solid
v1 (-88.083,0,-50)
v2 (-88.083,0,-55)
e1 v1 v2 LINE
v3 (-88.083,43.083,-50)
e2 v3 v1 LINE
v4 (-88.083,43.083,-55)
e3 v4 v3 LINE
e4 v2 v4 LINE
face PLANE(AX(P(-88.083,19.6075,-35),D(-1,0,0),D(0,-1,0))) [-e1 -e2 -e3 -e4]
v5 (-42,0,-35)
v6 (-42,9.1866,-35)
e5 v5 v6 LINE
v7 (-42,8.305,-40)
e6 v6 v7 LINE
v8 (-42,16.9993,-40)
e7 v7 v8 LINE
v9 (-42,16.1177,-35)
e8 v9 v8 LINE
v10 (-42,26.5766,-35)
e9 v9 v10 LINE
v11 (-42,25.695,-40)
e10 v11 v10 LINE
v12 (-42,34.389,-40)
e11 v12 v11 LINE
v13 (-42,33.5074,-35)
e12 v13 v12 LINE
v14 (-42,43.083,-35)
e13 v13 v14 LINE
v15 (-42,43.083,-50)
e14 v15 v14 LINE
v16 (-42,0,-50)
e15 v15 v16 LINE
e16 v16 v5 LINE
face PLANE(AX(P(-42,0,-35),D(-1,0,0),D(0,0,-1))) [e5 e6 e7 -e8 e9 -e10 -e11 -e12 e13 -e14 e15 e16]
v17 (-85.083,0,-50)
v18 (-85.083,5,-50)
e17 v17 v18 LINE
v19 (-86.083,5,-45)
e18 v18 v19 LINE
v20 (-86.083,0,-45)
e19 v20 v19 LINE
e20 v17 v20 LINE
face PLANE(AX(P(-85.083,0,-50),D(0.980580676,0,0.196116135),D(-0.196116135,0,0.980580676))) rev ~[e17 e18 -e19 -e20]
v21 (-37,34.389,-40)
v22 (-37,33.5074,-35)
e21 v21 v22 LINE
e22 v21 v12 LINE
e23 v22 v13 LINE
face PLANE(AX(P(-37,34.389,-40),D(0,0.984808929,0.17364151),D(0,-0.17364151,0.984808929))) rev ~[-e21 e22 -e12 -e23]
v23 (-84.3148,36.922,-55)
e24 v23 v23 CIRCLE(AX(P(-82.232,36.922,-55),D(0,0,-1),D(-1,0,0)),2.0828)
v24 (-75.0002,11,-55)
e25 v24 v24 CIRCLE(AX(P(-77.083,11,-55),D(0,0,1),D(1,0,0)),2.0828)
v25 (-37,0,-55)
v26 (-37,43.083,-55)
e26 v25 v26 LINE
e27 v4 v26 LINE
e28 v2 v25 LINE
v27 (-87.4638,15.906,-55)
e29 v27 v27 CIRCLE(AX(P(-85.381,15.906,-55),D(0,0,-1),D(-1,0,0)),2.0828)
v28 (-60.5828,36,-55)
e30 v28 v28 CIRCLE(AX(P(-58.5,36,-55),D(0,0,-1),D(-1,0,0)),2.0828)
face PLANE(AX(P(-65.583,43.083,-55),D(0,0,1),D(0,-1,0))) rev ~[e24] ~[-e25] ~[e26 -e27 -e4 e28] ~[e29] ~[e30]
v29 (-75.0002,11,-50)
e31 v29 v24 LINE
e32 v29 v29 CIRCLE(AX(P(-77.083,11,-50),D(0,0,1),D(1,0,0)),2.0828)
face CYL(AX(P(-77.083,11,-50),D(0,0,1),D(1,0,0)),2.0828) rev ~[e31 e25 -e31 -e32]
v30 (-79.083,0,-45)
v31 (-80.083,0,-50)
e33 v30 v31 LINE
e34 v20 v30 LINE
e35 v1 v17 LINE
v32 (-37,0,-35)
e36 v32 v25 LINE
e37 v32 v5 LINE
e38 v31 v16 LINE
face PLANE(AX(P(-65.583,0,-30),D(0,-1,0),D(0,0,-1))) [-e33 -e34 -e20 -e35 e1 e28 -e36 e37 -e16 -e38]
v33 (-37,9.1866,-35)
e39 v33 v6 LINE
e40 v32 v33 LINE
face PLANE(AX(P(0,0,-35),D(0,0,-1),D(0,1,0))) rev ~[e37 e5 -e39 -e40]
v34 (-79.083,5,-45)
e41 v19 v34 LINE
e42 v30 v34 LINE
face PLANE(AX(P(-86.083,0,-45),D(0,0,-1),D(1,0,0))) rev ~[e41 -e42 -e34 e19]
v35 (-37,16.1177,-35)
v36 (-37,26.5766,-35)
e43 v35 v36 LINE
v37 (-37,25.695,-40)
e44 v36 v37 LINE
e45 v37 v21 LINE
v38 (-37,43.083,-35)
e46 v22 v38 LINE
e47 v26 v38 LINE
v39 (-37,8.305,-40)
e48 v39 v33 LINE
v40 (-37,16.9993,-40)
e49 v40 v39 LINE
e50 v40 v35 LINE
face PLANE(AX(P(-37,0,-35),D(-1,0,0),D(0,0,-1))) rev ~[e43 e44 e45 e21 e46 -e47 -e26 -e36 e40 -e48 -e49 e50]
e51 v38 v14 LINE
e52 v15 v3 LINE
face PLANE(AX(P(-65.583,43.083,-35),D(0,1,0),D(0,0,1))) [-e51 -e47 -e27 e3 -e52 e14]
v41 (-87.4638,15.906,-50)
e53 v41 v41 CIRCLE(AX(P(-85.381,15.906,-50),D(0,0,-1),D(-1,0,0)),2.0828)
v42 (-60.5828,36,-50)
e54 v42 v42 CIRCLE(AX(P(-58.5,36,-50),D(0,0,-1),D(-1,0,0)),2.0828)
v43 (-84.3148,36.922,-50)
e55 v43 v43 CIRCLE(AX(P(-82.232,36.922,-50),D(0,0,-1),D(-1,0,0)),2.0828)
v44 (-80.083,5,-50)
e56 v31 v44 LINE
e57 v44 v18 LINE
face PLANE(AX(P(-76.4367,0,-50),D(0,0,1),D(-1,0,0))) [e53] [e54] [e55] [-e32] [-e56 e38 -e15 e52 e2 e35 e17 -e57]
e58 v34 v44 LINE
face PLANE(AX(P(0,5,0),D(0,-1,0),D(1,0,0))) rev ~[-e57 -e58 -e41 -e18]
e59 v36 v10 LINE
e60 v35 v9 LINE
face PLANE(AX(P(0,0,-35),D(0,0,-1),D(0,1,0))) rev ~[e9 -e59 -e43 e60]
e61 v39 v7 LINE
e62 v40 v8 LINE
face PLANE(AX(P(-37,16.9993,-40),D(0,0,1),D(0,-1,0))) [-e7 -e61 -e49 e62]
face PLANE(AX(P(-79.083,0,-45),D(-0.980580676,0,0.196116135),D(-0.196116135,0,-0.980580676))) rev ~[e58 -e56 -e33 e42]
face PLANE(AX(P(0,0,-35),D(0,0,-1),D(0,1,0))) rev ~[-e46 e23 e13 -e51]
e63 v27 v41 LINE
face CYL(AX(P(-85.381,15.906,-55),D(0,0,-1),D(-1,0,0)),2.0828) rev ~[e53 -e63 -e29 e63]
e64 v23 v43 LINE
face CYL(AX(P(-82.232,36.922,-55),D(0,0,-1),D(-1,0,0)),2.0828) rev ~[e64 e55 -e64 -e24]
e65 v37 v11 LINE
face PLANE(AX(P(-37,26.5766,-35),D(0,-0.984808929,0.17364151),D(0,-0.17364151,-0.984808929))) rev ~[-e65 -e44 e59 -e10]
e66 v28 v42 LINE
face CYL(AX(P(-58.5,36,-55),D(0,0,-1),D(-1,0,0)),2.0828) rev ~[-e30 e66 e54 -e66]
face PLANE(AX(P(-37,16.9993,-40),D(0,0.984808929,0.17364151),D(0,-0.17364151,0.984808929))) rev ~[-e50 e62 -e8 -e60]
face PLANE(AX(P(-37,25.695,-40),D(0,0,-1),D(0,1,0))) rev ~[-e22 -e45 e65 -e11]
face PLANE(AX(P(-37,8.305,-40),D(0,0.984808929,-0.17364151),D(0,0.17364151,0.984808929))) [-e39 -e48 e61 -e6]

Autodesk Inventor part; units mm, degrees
ref_plane "YZ Plane" through (0, 0, 0) normal (1, 0, 0) x (0, 1, 0)
ref_plane "XZ Plane" through (0, 0, 0) normal (0, 1, 0) x (-1, 0, 0)
ref_plane "XY Plane" through (0, 0, 0) normal (0, 0, 1) x (1, 0, 0)
sketch "Sketch1" plane through (0, 0, 0) normal (0, 1, 0) x (-1, 0, 0)
  line L0 (0, 0) -> (0, -35)
  line L1 (0, -35) -> (37, -35)
  line L2 (37, -35) -> (37, -55)
  line L3 (37, -55) -> (48, -55)
  line L4 (48, -55) -> (48, 0)
  line L5 (48, 0) -> (22, 0)
  line L6 (22, 0) -> (22, 0)
  line L7 (22, 0) -> (0, 0)
  dimension "d0" = 35
  dimension "d1" = 37
  dimension "d2" = 20
  dimension "d3" = 11
  dimension "d4" = 55
  dimension "d5" = 26
  dimension "d6" = 0
extrude "Extrusion1" add sketch "Sketch1" along normal blind 50
shell "Shell1" thickness 5 removed faces 3 at (-48, 16.6667, -36.6667) at (-19.6667, 0, -23.3333) at (-19.6667, 50, -23.3333)
sketch "Sketch2" plane through (0, 0, 0) normal (1, 0, 0) x (0, 0, -1)
  line L0 (5, 0) -> (30, 0) projected
  line L1 (5, 0) -> (19, 0)
  line L2 (19, 0) -> (19, 17)
  line L3 (19, 17) -> (5, 17)
  line L4 (5, 17) -> (5, 0)
  point P0 (0, 0)
  dimension "d10" = 17
  dimension "d11" = 0
  dimension "d12" = 11
extrude "Extrusion2" cut sketch "Sketch2" against normal blind 10
sketch "Sketch3" plane through (-48, 0, -55) normal (-1, 0, 0) x (0, 0, 1)
  line L0 (0, 0) -> (0, 50) projected
  line L1 (5, 50) -> (25, 50) projected
  line L2 (0, 0) -> (5, 0)
  line L3 (5, 0) -> (5, 50)
  line L4 (5, 50) -> (0, 50)
  line L5 (0, 50) -> (0, 0)
  point P0 (55, 0)
extrude "Extrusion3" add sketch "Sketch3" along normal blind 15
sketch "Sketch4" plane through (-48, 0, 0) normal (-1, 0, 0) x (0, 0, 1)
  line L0 (-5, 0) -> (0, 0) projected
  line L1 (-5, 0) -> (-5, 50) projected
  line L2 (0, 0) -> (-5, 0)
  line L3 (-5, 0) -> (-5, 50)
  line L4 (-5, 50) -> (0, 50)
  line L5 (0, 50) -> (0, 0)
  point P0 (0, 0)
extrude "Extrusion4" add sketch "Sketch4" along normal blind 15
sketch "Sketch5" plane through (0, 17, -5) normal (0, 0, -1) x (-1, 0, 0)
  circle A0 centre (11.5, -8.5) radius 2.0828
  line L0 (63, -17) -> (0, -17) projected
  line L1 (0, -17) -> (0, 0) projected
  dimension "d19" = 4.1656
  dimension "d20" = 8.5
  dimension "d21" = 11.5
extrude "Extrusion5" cut sketch "Sketch5" against normal blind 15
sketch "Sketch6" plane through (0, 17, -5) normal (0, 0, -1) x (-1, 0, 0)
  circle A0 centre (28.505, 18.46) radius 2.0828
  line L0 (63, -17) -> (0, -17) projected
  line L1 (5, 0) -> (5, 33) projected
  dimension "d24" = 4.1656
  dimension "d25" = 35.46
  dimension "d26" = 23.505
extrude "Extrusion6" cut sketch "Sketch6" against normal blind 15
sketch "Sketch7" plane through (0, 17, -5) normal (0, 0, -1) x (-1, 0, 0)
  circle A0 centre (58.5, 19) radius 2.0828
  line L0 (63, 33) -> (63, -17) projected
  line L1 (5, 33) -> (63, 33) projected
  point P0 (0, -17)
  dimension "d29" = 4.1656
  dimension "d30" = 4.5
  dimension "d31" = 14
extrude "Extrusion7" cut sketch "Sketch7" against normal blind 15
sketch "Sketch13" plane through (0, 0, -35) normal (0, 0, -1) x (-1, 0, 0)
  circle A0 centre (11.5, 8.5) radius 2.0828
  line L0 (0, 0) -> (37, 0) projected
  line L1 (0, 0) -> (0, 50) projected
  dimension "d41" = 4.1656
  dimension "d42" = 8.5
  dimension "d43" = 11.5
extrude "Extrusion9" cut sketch "Sketch13" against normal blind 15
sketch "Sketch14" plane through (-37, 0, -55) normal (0, 0, -1) x (-1, 0, 0)
  circle A0 centre (-8.495, 35.46) radius 2.0828
  line L0 (-37, 0) -> (-37, 50) projected
  line L1 (0, 0) -> (26, 0) projected
  dimension "d46" = 4.1656
  dimension "d47" = 28.505
  dimension "d48" = 35.46
extrude "Extrusion10" cut sketch "Sketch14" against normal blind 15
sketch "Sketch15" plane through (-37, 0, -55) normal (0, 0, -1) x (-1, 0, 0)
  circle A0 centre (21.5, 36) radius 2.0828
  line L0 (0, 0) -> (26, 0) projected
  line L1 (26, 50) -> (26, 0) projected
  point P0 (-37, 0)
  dimension "d51" = 4.1656
  dimension "d52" = 36
  dimension "d53" = 4.5
extrude "Extrusion11" cut sketch "Sketch15" against normal blind 15
sketch "Sketch16" plane through (-42, 0, -30) normal (-1, 0, 0) x (0, 0, 1)
  line L0 (0, 0) -> (-5, 0)
  line L1 (-5, 0) -> (-5, 50)
  line L2 (-5, 50) -> (0, 50)
  line L3 (0, 50) -> (0, 0)
  point P0 (30, 0)
  dimension "d56" = 5
  dimension "d57" = 50
extrude "Extrusion12" add sketch "Sketch16" along normal blind 21
sketch "Sketch17" plane through (-5, 0, -30) normal (0, 0, 1) x (1, 0, 0)
  circle A0 centre (-23.505, 35.46) radius 2.0828
  line L0 (0, 0) -> (0, 50) projected
  line L1 (0, 0) -> (-58, 0) projected
  point P0 (5, 0)
  dimension "d60" = 4.1656
  dimension "d61" = 23.505
  dimension "d62" = 35.46
extrude "Extrusion13" cut sketch "Sketch17" against normal blind 10
sketch "Sketch18" plane through (-42, 0, -35) normal (0, 0, -1) x (-1, 0, 0)
  circle A0 centre (16.5, 36) radius 2.0828
  line L0 (21, 50) -> (21, 0) projected
  line L1 (0, 0) -> (21, 0) projected
  point P0 (-42, 0)
  dimension "d65" = 4.1656
  dimension "d67" = 36
  dimension "d70" = 4.5
extrude "Extrusion14" cut sketch "Sketch18" against normal blind 10
sketch "Sketch20" plane through (-63, 0, 0) normal (-1, 0, 0) x (0, 0, 1)
  line L0 (0, 0) -> (-5, 0) projected
  line L1 (-5, 17) -> (-5, 50) projected
  line L2 (0, 0) -> (-5, 0)
  line L3 (-5, 0) -> (-5, 50)
  line L4 (-5, 50) -> (0, 50)
  line L5 (0, 50) -> (0, 0)
extrude "Extrusion15" add sketch "Sketch20" along normal blind 2.583
sketch "Sketch21" plane through (-63, 0, -30) normal (-1, 0, 0) x (0, 0, 1)
  line L0 (-20, 50) -> (-5, 50) projected
  line L1 (11, 0) -> (0, 0) projected
  line L2 (-5, 50) -> (0, 50)
  line L3 (0, 50) -> (0, 0)
  line L4 (0, 0) -> (-5, 0)
  line L5 (-5, 0) -> (-5, 50)
  point P0 (30, 0)
extrude "Extrusion16" add sketch "Sketch21" along normal blind 2.583
sketch "Sketch22" plane through (-63, 0, -55) normal (-1, 0, 0) x (0, 0, 1)
  line L0 (0, 0) -> (0, 50) projected
  line L1 (5, 0) -> (5, 50) projected
  line L2 (0, 50) -> (5, 50)
  line L3 (5, 50) -> (5, 0)
  line L4 (5, 0) -> (0, 0)
  line L5 (0, 0) -> (0, 50)
  point P0 (55, 0)
extrude "Extrusion17" add sketch "Sketch22" along normal blind 2.583
sketch "Sketch23" plane through (0, 0, 0) normal (0, 0, 1) x (1, 0, 0)
  line L0 (0, 50) -> (-37, 50) projected
  line L1 (-65.583, 50) -> (-65.583, 0) projected
  line L2 (0, 50) -> (-65.583, 50)
  line L3 (-65.583, 50) -> (-65.583, 43.083)
  line L4 (-65.583, 43.083) -> (0, 43.083)
  line L5 (0, 43.083) -> (0, 50)
  point P0 (0, 0)
  dimension "d77" = 6.917
extrude "Extrusion18" cut sketch "Sketch23" against normal blind 100
sketch "Sketch24" plane through (0, 0, -35) normal (0, 0, -1) x (-1, 0, 0)
  line L0 (0, 0) -> (65.583, 0) projected
  line L1 (31.0052, 0) -> (26.0052, 0)
  line L2 (26.0052, 5) -> (31.0052, 5)
  circle A0 centre (28.505, 35.46) radius 2.0828 projected
  line L3 (26.0052, 5) -> (25.0052, 5)
  line L4 (25.0052, 5) -> (26.0052, 0)
  line L5 (31.0052, 5) -> (32.0052, 5)
  line L6 (32.0052, 5) -> (31.0052, 0)
  dimension "d80" = 5
  dimension "d81" = 5
  dimension "d83" = 1
  dimension "d84" = 1
extrude "Extrusion19" cut sketch "Sketch24" against normal blind 100 contours L4 L3 L2 L5 L6 L0
sketch "Sketch25" plane through (-65.583, 0, -55) normal (-1, 0, 0) x (0, 0, 1)
  line L0 (20, 0) -> (0, 0) projected
  line L1 (0, 43.083) -> (20, 43.083) projected
  line L2 (0, 0) -> (5, 0)
  line L3 (5, 0) -> (5, 43.083)
  line L4 (5, 43.083) -> (0, 43.083)
  line L5 (0, 43.083) -> (0, 0)
  point P0 (55, 0)
  dimension "d87" = 5
extrude "Extrusion20" add sketch "Sketch25" along normal blind 22.5
sketch "Sketch28" plane through (-65.583, 0, -30) normal (-1, 0, 0) x (0, 0, 1)
  line L0 (0, 0) -> (-5, 0) projected
  line L1 (-5, 0) -> (-5, 43.083) projected
  line L2 (0, 0) -> (-5, 0)
  line L3 (-5, 0) -> (-5, 43.083)
  line L4 (-5, 43.083) -> (0, 43.083)
  line L5 (0, 43.083) -> (0, 0)
  point P0 (30, 0)
extrude "Extrusion23" add sketch "Sketch28" along normal blind 22.5
sketch "Sketch26" plane through (-37, 0, -55) normal (0, 0, -1) x (-1, 0, 0)
  circle A0 centre (45.232, 36.922) radius 2.0828
  line L0 (51.083, 43.083) -> (51.083, 0) projected
  line L1 (51.083, 43.083) -> (0, 43.083) projected
  point P0 (-37, 0)
  dimension "d90" = 4.1656
  dimension "d91" = 5.851
  dimension "d92" = 6.161
extrude "Extrusion21" cut sketch "Sketch26" against normal blind 25
sketch "Sketch27" plane through (-37, 0, -55) normal (0, 0, -1) x (-1, 0, 0)
  circle A0 centre (48.381, 15.906) radius 2.0828
  line L0 (51.083, 43.083) -> (51.083, 0) projected
  line L1 (0, 0) -> (51.083, 0) projected
  point P0 (-37, 0)
  dimension "d95" = 4.1656
  dimension "d96" = 2.702
  dimension "d97" = 15.906
extrude "Extrusion22" cut sketch "Sketch27" against normal blind 25
sketch "Sketch29" plane through (-42, 0, -35) normal (0, 0, -1) x (-1, 0, 0)
  circle A0 centre (43.381, 15.906) radius 2.0828 projected
  arc A1 (46.083, 19.6075) -> (46.083, 12.2045) centre (43.381, 15.906) ccw
  line L0 (46.083, 43.083) -> (46.083, 0) projected
  line L1 (46.083, 19.6075) -> (46.083, 12.2045)
  point P0 (-42, 0)
  dimension "d102" = 2.5
extrude "Extrusion24" add sketch "Sketch29" along normal up to next
sketch "Sketch30" plane through (-88.083, 0, -55) normal (-1, 0, 0) x (0, 0, 1)
  line L0 (9, 19.6075) -> (21, 19.6075)
  line L1 (21, 19.6075) -> (21, 5)
  line L2 (21, 5) -> (9, 5)
  line L3 (9, 5) -> (9, 19.6075)
  line L4 (0, 43.083) -> (0, 0) projected
  line L5 (25, 0) -> (25, 43.083) projected
  line L6 (0, 0) -> (5, 0) projected
  line L7 (20, 19.6075) -> (5, 19.6075) projected
  point P0 (55, 0)
  dimension "d105" = 9
  dimension "d106" = 4
  dimension "d107" = 5
  dimension "d108" = 0
extrude "Extrusion25" add sketch "Sketch30" along normal blind 30
sketch "Sketch31" plane through (-88.083, 5, -34) normal (0, 0, 1) x (1, 0, 0)
  circle A0 centre (-23.917, 4) radius 2.0828
  line L0 (-30, 0) -> (-30, 14.6075) projected
  line L1 (0, 0) -> (-30, 0) projected
  point P0 (88.083, -5)
  dimension "d111" = 4.1656
  dimension "d112" = 6.083
  dimension "d113" = 4
extrude "Extrusion26" cut sketch "Sketch31" against normal blind 30
sketch "Sketch33" plane through (-88.083, 5, -34) normal (0, 0, 1) x (1, 0, 0)
  circle A0 centre (-23.917, 4) radius 2.0828 projected
  arc A1 (-25.0228, 9.9816) -> (-30, 4) centre (-23.917, 4) ccw
  line L0 (-30, 14.6075) -> (-30, 0) projected
  line L1 (-30, 0) -> (-30, 14.6075) projected
  line L2 (0, 14.6075) -> (-30, 14.6075) projected
  line L3 (-30, 4) -> (-30, 14.6075)
  line L4 (0, 14.6075) -> (-30, 14.6075) projected
  line L5 (-30, 14.6075) -> (0, 14.6075)
  line L6 (0, 14.6075) -> (-25.0228, 9.9816)
  point P0 (88.083, -5)
extrude "Extrusion27" cut sketch "Sketch33" against normal blind 30 contours A1 L0 L2 L6
sketch "Sketch34" plane through (-118.083, 5, -34) normal (0, 0, 1) x (1, 0, 0)
  circle A0 centre (6.083, 4) radius 2.0828 projected
  line L0 (0, 0) -> (0, 4) projected
  arc A1 (0, 4) -> (1.5001, 0) centre (6.083, 4) ccw
  line L1 (30, 0) -> (0, 0) projected
  line L2 (1.5001, 0) -> (0, 0)
  arc A2 (4.9772, 9.9816) -> (0, 4) centre (6.083, 4) ccw projected
  line L3 (0, 0) -> (0, 4)
  point P0 (118.083, -5)
extrude "Extrusion28" cut sketch "Sketch34" against normal blind 30 contours L0 A1 L1
sketch "Sketch35" plane through (-88.083, 5, -46) normal (0, -1, 0) x (1, 0, 0)
  line L0 (0, 12) -> (0, 11) projected
  line L1 (0, 0) -> (-28.4999, 0) projected
  line L2 (0, 11) -> (0, 0)
  line L3 (0, 0) -> (7.2848, 11)
  line L4 (7.2848, 11) -> (7.2848, -4) projected
  line L5 (0, 11) -> (7.2848, 11)
  line L6 (46.083, 11) -> (0, 11) projected
  point P0 (88.083, 46)
extrude "Extrusion29" add sketch "Sketch35" against normal up to next
sketch "Sketch36" plane through (0, 0, 0) normal (1, 0, 0) x (0, 0, -1)
  line L0 (30, 43.083) -> (35, 43.083) projected
  line L1 (0, 0) -> (5, 0) projected
  line L2 (30, 43.083) -> (0, 43.083)
  line L3 (0, 43.083) -> (0, 0)
  line L4 (0, 0) -> (30, 0)
  line L5 (30, 0) -> (30, 43.083)
extrude "Extrusion30" cut sketch "Sketch36" against normal through all
sketch "Sketch37" plane through (0, 43.083, -35) normal (0, 0, -1) x (-1, 0, 0)
  line L0 (5, -8.694) -> (5, -17.3883)
  line L1 (5, -17.3883) -> (0, -16.5067)
  line L2 (5, -8.694) -> (0, -9.5756)
  line L3 (5, -8.694) -> (10.0771, -8.694) construction
  line L4 (0, -9.5756) -> (0, -16.5067)
  line L5 (0, -43.083) -> (0, 0) projected
  line L6 (0, -43.083) -> (26.0052, -43.083) projected
  dimension "d124" = 8.6943
  dimension "d125" = 80
  dimension "d126" = 170
  dimension "d127" = 5
  dimension "d130" = 0
  dimension "d131" = 34.389
extrude "Extrusion31" cut sketch "Sketch37" against normal blind 10
sketch "Sketch38" plane through (0, 0, -30) normal (1, 0, 0) x (0, 0, -1)
  line L0 (0, 0) -> (0, 43.083) projected
  line L1 (0, 43.083) -> (5, 43.083) projected
  line L2 (0, 0) -> (5, 0)
  line L3 (5, 0) -> (5, 43.083)
  line L4 (5, 43.083) -> (0, 43.083)
  line L5 (0, 43.083) -> (0, 0)
  point P0 (-30, 0)
extrude "Extrusion32" cut sketch "Sketch38" against normal through all
sketch "Sketch39" plane through (-37, 0, -55) normal (1, 0, 0) x (0, 0, -1)
  line L0 (-15, 16.9993) -> (-15, 8.305)
  line L1 (-15, 8.305) -> (-20, 9.1866)
  line L2 (-15, 16.9993) -> (-20, 16.1177)
  line L3 (-15, 16.9993) -> (-9.9229, 16.9993) construction
  line L4 (-20, 16.1177) -> (-20, 9.1866)
  line L5 (-20, 0) -> (-20, 43.083) projected
  line L6 (-20, 0) -> (0, 0) projected
  dimension "d136" = 8.6943
  dimension "d137" = 80
  dimension "d138" = 170
  dimension "d139" = 5
  dimension "d142" = 0
  dimension "d143" = 8.305
extrude "Extrusion33" cut sketch "Sketch39" against normal blind 10
sketch "Sketch41" plane through (-37, 0, -55) normal (1, 0, 0) x (0, 0, -1)
  line L0 (-20, 16.1177) -> (-20, 43.083) projected
  line L1 (-20, 26.5766) -> (-15, 25.695)
  line L2 (-15, 25.695) -> (-15, 34.389)
  line L3 (-15, 34.389) -> (-20, 33.5074)
  line L4 (-20, 26.5766) -> (-20, 33.5074)
  line L5 (-20, 16.1177) -> (-15, 16.9993) projected
  line L6 (-15, 8.305) -> (-20, 9.1866) projected
  line L7 (-15, 16.9993) -> (-15, 8.305) projected
  line L8 (0, 43.083) -> (-20, 43.083) projected
  dimension "d153" = 8.694
  dimension "d154" = 8.694
extrude "Extrusion34" cut sketch "Sketch41" against normal blind 10
sketch "Sketch43" plane through (0, 0, 0) normal (0, -1, 0) x (1, 0, 0)
  line L0 (-76.4367, -50) -> (-120.3771, -50)
  line L1 (-120.3771, -50) -> (-120.3771, -27.7218)
  line L2 (-120.3771, -27.7218) -> (-76.4367, -27.7218)
  line L3 (-76.4367, -27.7218) -> (-76.4367, -50)
  line L4 (-42, -50) -> (-88.083, -50) projected
  point P0 (0, 0)
  dimension "d157" = 0
extrude "Extrusion35" cut sketch "Sketch43" against normal blind 50
sketch "Sketch44" plane through (-42, 0, -50) normal (0, 0, 1) x (1, 0, 0)
  circle A0 centre (-35.083, 11) radius 2.0828
  line L0 (-46.083, 0) -> (-46.083, 43.083) projected
  line L1 (0, 0) -> (-46.083, 0) projected
  point P0 (42, 0)
  dimension "d160" = 4.1656
  dimension "d161" = 11
  dimension "d162" = 11
extrude "Extrusion36" cut sketch "Sketch44" against normal blind 50
sketch "Sketch45" plane through (0, 0, 0) normal (0, -1, 0) x (1, 0, 0)
  line L0 (-42, -50) -> (-88.083, -50) projected
  line L1 (-85.083, -50) -> (-86.083, -45)
  line L2 (-86.083, -45) -> (-79.083, -45)
  line L3 (-79.083, -45) -> (-80.083, -50)
  line L4 (-85.083, -50) -> (-80.083, -50)
  line L5 (-88.083, -55) -> (-88.083, -50) projected
  point P0 (0, 0)
  dimension "d165" = 3
  dimension "d166" = 5
  dimension "d167" = 1
  dimension "d168" = 7
  dimension "d169" = 5
extrude "Extrusion37" add sketch "Sketch45" against normal blind 5
properties part number "Frame VG01-05"
